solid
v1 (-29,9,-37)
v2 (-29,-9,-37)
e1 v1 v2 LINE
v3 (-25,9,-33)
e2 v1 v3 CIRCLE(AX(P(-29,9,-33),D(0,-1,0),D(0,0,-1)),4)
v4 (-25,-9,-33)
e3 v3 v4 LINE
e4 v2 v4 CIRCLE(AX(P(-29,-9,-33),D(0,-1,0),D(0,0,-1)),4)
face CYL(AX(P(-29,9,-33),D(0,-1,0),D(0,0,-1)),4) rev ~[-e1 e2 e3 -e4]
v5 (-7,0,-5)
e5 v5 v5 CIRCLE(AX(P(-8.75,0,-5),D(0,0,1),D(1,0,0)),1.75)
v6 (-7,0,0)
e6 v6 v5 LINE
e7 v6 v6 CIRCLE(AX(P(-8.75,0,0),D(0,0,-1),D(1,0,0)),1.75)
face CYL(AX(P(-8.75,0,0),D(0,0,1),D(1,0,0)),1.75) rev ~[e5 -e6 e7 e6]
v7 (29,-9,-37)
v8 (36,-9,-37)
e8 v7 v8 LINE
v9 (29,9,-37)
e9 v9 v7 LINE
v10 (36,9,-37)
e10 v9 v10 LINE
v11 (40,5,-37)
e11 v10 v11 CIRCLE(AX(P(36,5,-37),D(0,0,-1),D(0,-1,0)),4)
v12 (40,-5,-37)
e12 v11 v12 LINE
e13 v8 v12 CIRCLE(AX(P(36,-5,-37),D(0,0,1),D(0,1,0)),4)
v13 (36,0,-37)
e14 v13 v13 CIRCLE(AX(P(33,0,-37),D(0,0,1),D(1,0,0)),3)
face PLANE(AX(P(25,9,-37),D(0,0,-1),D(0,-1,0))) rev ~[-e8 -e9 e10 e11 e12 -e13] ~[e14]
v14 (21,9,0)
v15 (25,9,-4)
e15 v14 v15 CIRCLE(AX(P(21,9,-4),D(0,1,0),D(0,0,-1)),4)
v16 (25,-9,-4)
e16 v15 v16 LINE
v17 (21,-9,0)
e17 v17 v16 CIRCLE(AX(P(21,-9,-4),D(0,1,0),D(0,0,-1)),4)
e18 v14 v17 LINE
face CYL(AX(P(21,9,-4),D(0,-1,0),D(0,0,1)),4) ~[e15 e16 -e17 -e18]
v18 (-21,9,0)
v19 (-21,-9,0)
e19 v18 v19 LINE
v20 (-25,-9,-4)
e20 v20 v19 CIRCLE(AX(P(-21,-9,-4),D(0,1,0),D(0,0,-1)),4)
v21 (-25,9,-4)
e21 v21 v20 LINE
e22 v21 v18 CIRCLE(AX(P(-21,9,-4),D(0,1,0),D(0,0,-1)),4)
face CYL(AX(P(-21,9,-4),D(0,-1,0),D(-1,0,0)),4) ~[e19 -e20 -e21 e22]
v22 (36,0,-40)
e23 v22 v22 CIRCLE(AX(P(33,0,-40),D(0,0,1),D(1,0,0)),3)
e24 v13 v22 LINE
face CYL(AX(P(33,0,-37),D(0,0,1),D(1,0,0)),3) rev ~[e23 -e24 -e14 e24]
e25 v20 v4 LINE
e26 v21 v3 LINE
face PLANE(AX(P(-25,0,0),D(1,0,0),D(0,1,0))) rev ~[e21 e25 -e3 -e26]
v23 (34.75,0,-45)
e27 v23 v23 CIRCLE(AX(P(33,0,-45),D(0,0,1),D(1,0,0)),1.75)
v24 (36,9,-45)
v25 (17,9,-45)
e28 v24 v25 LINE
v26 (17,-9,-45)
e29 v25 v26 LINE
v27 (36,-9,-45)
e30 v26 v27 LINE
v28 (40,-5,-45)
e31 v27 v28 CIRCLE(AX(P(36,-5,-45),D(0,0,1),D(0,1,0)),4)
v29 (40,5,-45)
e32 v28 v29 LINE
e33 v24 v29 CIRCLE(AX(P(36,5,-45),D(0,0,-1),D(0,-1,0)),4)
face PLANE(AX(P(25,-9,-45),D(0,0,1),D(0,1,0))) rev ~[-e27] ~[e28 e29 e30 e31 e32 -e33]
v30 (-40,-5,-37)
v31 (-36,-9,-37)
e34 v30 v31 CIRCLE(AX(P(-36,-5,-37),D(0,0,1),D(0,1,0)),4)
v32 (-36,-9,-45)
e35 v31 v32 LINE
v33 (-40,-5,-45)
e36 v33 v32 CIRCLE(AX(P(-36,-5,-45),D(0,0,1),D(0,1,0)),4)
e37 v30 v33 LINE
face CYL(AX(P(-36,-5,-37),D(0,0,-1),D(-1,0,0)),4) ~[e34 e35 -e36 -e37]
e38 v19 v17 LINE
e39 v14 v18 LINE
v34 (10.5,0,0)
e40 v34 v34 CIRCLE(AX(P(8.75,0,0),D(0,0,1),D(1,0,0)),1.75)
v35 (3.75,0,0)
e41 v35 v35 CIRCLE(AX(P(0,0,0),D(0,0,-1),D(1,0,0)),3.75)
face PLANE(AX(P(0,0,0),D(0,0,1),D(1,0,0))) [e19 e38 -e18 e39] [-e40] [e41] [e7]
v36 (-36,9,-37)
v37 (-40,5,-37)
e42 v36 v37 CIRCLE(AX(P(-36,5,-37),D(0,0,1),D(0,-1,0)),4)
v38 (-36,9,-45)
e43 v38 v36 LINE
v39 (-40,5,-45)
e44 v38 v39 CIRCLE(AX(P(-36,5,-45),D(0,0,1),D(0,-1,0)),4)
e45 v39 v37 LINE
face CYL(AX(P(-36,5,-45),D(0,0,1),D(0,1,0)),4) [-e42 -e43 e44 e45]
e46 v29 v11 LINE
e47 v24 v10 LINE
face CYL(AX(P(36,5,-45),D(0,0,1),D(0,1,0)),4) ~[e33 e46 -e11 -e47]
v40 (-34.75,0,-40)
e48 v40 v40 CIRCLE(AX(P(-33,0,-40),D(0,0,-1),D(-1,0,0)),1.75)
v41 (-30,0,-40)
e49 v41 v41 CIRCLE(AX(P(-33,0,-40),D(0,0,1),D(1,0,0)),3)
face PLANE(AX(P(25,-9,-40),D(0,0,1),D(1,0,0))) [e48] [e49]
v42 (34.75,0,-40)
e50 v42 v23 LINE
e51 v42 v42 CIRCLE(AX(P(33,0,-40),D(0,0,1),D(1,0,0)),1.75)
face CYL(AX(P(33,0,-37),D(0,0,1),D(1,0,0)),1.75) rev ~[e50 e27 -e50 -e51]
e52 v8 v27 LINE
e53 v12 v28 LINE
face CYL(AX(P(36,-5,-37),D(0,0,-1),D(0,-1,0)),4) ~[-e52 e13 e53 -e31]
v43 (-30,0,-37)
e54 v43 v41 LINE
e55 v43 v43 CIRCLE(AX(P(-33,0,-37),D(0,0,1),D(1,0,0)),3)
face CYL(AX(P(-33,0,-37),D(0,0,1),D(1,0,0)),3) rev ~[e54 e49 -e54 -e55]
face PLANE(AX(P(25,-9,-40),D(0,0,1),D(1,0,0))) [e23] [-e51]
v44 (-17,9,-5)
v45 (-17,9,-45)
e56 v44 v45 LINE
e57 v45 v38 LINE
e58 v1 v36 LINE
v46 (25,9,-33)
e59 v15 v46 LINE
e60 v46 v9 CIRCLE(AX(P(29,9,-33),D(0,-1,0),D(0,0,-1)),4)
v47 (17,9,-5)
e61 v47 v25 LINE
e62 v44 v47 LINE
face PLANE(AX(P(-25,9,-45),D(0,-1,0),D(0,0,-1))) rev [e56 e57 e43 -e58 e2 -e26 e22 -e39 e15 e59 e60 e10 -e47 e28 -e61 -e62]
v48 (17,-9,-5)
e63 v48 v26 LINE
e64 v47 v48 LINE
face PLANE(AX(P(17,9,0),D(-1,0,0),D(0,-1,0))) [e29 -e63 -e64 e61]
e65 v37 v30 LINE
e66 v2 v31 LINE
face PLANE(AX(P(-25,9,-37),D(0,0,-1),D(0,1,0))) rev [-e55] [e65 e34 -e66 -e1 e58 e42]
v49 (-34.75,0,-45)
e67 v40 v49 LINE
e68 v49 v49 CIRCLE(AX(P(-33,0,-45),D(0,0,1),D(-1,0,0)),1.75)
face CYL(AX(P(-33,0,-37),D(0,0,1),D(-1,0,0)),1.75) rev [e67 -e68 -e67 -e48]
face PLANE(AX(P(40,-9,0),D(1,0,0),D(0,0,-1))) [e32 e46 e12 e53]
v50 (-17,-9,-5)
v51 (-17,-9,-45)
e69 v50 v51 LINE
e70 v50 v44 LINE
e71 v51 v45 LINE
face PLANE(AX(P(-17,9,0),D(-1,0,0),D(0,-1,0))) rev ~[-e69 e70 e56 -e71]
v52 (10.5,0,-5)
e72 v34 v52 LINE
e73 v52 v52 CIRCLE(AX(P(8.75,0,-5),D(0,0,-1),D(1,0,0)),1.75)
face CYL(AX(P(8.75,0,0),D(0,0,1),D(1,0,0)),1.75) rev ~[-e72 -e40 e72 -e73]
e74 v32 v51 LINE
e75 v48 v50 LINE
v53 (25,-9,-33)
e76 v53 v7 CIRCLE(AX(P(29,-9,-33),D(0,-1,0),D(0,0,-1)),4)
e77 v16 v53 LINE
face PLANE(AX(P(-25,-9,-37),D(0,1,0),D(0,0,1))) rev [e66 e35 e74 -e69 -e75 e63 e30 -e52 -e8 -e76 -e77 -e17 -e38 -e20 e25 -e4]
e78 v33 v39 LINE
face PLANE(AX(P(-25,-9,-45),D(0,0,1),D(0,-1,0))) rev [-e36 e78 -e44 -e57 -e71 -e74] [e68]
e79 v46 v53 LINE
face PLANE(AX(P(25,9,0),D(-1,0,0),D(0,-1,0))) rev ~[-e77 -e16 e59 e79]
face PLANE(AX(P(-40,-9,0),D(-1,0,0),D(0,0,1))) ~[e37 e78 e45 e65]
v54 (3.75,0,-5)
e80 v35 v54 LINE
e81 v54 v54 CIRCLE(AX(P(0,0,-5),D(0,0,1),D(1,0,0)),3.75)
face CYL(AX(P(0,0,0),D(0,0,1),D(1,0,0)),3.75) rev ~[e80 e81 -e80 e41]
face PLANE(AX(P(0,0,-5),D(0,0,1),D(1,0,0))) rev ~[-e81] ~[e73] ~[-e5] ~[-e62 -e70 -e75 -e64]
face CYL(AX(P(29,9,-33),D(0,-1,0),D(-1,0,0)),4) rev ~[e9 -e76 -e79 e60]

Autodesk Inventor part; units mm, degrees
ref_plane "YZ Plane" through (0, 0, 0) normal (1, 0, 0) x (0, 1, 0)
ref_plane "XZ Plane" through (0, 0, 0) normal (0, 1, 0) x (-1, 0, 0)
ref_plane "XY Plane" through (0, 0, 0) normal (0, 0, 1) x (1, 0, 0)
sketch "Sketch1" plane through (0, 0, 0) normal (0, 0, 1) x (1, 0, 0)
  circle A0 centre (0, 0) radius 3.75
  circle A1 centre (-8.75, 0) radius 1.75
  line L0 (-35, 0) -> (35, 0) projected
  line L1 (0, 0) -> (0, 3.75)
  circle A2 centre (8.75, 0) radius 1.75
  line L2 (-25, 9) -> (25, 9)
  line L3 (25, 9) -> (25, -9)
  line L4 (25, -9) -> (-25, -9)
  line L5 (-25, -9) -> (-25, 9)
  line L6 (0, -12.6) -> (0, 12.6) projected
  line L7 (25, 9) -> (17, 9)
  line L8 (17, 9) -> (17, -9)
  line L9 (17, -9) -> (25, -9)
  line L10 (25, -9) -> (25, 9)
  line L11 (-25, 9) -> (-25, -9)
  line L12 (-25, 9) -> (-17, 9)
  line L13 (-17, 9) -> (-17, -9)
  line L14 (-17, -9) -> (-25, -9)
  point P0 (0, 9)
  point P1 (25, 0)
  point P2 (-17, -9)
  point P3 (17, 9)
  point P4 (-17, 9)
  dimension "d2" = 7.5
  dimension "d3" = 3.5
  dimension "d4" = 8.75
  dimension "d5" = 18
  dimension "d6" = 50
  dimension "d9" = 8
extrude "Extrusion1" add sketch "Sketch1" against normal blind 5 contours L0 A2 L8 L4 L6 A0 | A0 L6 L2 L8 L0 A2 | A0 L0 A1 L13 L2 L6 | L6 L4 L13 L0 A1 A0
extrude "Extrusion2" add sketch "Sketch1" against normal blind 45 contours L13 L0 L5 L2 | L2 L3 L0 L8 | L8 L0 L3 L4 | L4 L5 L0 L13
sketch "Sketch2" plane through (25, -9, 0) normal (1, 0, 0) x (0, 0, -1)
  line L0 (5, 0) -> (45, 0) projected
  line L1 (37, 0) -> (45, 0)
  line L2 (45, 0) -> (45, 18)
  line L3 (45, 18) -> (37, 18)
  line L4 (37, 18) -> (37, 0)
  point P0 (0, 9)
  dimension "d12" = 8
extrude "Extrusion3" add sketch "Sketch2" along normal blind 15
sketch "Sketch3" plane through (25, -9, -37) normal (0, 0, 1) x (1, 0, 0)
  circle A0 centre (8, 9) radius 1.75
  line L0 (-63, 9) -> (28, 9) projected
  line L1 (0, 0) -> (0, 18) projected
  point P0 (-25, 9)
  dimension "d15" = 3.5
  dimension "d16" = 8
extrude "Extrusion4" cut sketch "Sketch3" against normal blind 15
mirror "Mirror1" about plane through (0, 0, 0) normal (1, 0, 0) of "Extrusion3", "Extrusion4"
sketch "Sketch4" plane through (0, 0, -45) normal (0, 0, -1) x (-1, 0, 0)
  point P0 (0, 0)
sketch "Sketch5" plane through (25, -9, -37) normal (0, 0, 1) x (1, 0, 0)
  circle A0 centre (8, 9) radius 1.75 projected
  circle A1 centre (8, 9) radius 3
  circle A2 centre (-33.75, 9) radius 1.75 projected
  circle A3 centre (-58, 9) radius 1.75 projected
  circle A4 centre (-58, 9) radius 3
  point P0 (-25, 9)
  dimension "d19" = 6
extrude "Extrusion5" cut sketch "Sketch5" against normal blind 3 contours A1 | A4
fillet "Fillet1" radius 4 8 edges at (25, 0, -37) (25, 0, 0) (-25, 0, 0) (-25, 0, -37) (-40, -9, -41) (-40, 9, -41) (40, -9, -41) (40, 9, -41)
properties part number "Motor _Fixation"
